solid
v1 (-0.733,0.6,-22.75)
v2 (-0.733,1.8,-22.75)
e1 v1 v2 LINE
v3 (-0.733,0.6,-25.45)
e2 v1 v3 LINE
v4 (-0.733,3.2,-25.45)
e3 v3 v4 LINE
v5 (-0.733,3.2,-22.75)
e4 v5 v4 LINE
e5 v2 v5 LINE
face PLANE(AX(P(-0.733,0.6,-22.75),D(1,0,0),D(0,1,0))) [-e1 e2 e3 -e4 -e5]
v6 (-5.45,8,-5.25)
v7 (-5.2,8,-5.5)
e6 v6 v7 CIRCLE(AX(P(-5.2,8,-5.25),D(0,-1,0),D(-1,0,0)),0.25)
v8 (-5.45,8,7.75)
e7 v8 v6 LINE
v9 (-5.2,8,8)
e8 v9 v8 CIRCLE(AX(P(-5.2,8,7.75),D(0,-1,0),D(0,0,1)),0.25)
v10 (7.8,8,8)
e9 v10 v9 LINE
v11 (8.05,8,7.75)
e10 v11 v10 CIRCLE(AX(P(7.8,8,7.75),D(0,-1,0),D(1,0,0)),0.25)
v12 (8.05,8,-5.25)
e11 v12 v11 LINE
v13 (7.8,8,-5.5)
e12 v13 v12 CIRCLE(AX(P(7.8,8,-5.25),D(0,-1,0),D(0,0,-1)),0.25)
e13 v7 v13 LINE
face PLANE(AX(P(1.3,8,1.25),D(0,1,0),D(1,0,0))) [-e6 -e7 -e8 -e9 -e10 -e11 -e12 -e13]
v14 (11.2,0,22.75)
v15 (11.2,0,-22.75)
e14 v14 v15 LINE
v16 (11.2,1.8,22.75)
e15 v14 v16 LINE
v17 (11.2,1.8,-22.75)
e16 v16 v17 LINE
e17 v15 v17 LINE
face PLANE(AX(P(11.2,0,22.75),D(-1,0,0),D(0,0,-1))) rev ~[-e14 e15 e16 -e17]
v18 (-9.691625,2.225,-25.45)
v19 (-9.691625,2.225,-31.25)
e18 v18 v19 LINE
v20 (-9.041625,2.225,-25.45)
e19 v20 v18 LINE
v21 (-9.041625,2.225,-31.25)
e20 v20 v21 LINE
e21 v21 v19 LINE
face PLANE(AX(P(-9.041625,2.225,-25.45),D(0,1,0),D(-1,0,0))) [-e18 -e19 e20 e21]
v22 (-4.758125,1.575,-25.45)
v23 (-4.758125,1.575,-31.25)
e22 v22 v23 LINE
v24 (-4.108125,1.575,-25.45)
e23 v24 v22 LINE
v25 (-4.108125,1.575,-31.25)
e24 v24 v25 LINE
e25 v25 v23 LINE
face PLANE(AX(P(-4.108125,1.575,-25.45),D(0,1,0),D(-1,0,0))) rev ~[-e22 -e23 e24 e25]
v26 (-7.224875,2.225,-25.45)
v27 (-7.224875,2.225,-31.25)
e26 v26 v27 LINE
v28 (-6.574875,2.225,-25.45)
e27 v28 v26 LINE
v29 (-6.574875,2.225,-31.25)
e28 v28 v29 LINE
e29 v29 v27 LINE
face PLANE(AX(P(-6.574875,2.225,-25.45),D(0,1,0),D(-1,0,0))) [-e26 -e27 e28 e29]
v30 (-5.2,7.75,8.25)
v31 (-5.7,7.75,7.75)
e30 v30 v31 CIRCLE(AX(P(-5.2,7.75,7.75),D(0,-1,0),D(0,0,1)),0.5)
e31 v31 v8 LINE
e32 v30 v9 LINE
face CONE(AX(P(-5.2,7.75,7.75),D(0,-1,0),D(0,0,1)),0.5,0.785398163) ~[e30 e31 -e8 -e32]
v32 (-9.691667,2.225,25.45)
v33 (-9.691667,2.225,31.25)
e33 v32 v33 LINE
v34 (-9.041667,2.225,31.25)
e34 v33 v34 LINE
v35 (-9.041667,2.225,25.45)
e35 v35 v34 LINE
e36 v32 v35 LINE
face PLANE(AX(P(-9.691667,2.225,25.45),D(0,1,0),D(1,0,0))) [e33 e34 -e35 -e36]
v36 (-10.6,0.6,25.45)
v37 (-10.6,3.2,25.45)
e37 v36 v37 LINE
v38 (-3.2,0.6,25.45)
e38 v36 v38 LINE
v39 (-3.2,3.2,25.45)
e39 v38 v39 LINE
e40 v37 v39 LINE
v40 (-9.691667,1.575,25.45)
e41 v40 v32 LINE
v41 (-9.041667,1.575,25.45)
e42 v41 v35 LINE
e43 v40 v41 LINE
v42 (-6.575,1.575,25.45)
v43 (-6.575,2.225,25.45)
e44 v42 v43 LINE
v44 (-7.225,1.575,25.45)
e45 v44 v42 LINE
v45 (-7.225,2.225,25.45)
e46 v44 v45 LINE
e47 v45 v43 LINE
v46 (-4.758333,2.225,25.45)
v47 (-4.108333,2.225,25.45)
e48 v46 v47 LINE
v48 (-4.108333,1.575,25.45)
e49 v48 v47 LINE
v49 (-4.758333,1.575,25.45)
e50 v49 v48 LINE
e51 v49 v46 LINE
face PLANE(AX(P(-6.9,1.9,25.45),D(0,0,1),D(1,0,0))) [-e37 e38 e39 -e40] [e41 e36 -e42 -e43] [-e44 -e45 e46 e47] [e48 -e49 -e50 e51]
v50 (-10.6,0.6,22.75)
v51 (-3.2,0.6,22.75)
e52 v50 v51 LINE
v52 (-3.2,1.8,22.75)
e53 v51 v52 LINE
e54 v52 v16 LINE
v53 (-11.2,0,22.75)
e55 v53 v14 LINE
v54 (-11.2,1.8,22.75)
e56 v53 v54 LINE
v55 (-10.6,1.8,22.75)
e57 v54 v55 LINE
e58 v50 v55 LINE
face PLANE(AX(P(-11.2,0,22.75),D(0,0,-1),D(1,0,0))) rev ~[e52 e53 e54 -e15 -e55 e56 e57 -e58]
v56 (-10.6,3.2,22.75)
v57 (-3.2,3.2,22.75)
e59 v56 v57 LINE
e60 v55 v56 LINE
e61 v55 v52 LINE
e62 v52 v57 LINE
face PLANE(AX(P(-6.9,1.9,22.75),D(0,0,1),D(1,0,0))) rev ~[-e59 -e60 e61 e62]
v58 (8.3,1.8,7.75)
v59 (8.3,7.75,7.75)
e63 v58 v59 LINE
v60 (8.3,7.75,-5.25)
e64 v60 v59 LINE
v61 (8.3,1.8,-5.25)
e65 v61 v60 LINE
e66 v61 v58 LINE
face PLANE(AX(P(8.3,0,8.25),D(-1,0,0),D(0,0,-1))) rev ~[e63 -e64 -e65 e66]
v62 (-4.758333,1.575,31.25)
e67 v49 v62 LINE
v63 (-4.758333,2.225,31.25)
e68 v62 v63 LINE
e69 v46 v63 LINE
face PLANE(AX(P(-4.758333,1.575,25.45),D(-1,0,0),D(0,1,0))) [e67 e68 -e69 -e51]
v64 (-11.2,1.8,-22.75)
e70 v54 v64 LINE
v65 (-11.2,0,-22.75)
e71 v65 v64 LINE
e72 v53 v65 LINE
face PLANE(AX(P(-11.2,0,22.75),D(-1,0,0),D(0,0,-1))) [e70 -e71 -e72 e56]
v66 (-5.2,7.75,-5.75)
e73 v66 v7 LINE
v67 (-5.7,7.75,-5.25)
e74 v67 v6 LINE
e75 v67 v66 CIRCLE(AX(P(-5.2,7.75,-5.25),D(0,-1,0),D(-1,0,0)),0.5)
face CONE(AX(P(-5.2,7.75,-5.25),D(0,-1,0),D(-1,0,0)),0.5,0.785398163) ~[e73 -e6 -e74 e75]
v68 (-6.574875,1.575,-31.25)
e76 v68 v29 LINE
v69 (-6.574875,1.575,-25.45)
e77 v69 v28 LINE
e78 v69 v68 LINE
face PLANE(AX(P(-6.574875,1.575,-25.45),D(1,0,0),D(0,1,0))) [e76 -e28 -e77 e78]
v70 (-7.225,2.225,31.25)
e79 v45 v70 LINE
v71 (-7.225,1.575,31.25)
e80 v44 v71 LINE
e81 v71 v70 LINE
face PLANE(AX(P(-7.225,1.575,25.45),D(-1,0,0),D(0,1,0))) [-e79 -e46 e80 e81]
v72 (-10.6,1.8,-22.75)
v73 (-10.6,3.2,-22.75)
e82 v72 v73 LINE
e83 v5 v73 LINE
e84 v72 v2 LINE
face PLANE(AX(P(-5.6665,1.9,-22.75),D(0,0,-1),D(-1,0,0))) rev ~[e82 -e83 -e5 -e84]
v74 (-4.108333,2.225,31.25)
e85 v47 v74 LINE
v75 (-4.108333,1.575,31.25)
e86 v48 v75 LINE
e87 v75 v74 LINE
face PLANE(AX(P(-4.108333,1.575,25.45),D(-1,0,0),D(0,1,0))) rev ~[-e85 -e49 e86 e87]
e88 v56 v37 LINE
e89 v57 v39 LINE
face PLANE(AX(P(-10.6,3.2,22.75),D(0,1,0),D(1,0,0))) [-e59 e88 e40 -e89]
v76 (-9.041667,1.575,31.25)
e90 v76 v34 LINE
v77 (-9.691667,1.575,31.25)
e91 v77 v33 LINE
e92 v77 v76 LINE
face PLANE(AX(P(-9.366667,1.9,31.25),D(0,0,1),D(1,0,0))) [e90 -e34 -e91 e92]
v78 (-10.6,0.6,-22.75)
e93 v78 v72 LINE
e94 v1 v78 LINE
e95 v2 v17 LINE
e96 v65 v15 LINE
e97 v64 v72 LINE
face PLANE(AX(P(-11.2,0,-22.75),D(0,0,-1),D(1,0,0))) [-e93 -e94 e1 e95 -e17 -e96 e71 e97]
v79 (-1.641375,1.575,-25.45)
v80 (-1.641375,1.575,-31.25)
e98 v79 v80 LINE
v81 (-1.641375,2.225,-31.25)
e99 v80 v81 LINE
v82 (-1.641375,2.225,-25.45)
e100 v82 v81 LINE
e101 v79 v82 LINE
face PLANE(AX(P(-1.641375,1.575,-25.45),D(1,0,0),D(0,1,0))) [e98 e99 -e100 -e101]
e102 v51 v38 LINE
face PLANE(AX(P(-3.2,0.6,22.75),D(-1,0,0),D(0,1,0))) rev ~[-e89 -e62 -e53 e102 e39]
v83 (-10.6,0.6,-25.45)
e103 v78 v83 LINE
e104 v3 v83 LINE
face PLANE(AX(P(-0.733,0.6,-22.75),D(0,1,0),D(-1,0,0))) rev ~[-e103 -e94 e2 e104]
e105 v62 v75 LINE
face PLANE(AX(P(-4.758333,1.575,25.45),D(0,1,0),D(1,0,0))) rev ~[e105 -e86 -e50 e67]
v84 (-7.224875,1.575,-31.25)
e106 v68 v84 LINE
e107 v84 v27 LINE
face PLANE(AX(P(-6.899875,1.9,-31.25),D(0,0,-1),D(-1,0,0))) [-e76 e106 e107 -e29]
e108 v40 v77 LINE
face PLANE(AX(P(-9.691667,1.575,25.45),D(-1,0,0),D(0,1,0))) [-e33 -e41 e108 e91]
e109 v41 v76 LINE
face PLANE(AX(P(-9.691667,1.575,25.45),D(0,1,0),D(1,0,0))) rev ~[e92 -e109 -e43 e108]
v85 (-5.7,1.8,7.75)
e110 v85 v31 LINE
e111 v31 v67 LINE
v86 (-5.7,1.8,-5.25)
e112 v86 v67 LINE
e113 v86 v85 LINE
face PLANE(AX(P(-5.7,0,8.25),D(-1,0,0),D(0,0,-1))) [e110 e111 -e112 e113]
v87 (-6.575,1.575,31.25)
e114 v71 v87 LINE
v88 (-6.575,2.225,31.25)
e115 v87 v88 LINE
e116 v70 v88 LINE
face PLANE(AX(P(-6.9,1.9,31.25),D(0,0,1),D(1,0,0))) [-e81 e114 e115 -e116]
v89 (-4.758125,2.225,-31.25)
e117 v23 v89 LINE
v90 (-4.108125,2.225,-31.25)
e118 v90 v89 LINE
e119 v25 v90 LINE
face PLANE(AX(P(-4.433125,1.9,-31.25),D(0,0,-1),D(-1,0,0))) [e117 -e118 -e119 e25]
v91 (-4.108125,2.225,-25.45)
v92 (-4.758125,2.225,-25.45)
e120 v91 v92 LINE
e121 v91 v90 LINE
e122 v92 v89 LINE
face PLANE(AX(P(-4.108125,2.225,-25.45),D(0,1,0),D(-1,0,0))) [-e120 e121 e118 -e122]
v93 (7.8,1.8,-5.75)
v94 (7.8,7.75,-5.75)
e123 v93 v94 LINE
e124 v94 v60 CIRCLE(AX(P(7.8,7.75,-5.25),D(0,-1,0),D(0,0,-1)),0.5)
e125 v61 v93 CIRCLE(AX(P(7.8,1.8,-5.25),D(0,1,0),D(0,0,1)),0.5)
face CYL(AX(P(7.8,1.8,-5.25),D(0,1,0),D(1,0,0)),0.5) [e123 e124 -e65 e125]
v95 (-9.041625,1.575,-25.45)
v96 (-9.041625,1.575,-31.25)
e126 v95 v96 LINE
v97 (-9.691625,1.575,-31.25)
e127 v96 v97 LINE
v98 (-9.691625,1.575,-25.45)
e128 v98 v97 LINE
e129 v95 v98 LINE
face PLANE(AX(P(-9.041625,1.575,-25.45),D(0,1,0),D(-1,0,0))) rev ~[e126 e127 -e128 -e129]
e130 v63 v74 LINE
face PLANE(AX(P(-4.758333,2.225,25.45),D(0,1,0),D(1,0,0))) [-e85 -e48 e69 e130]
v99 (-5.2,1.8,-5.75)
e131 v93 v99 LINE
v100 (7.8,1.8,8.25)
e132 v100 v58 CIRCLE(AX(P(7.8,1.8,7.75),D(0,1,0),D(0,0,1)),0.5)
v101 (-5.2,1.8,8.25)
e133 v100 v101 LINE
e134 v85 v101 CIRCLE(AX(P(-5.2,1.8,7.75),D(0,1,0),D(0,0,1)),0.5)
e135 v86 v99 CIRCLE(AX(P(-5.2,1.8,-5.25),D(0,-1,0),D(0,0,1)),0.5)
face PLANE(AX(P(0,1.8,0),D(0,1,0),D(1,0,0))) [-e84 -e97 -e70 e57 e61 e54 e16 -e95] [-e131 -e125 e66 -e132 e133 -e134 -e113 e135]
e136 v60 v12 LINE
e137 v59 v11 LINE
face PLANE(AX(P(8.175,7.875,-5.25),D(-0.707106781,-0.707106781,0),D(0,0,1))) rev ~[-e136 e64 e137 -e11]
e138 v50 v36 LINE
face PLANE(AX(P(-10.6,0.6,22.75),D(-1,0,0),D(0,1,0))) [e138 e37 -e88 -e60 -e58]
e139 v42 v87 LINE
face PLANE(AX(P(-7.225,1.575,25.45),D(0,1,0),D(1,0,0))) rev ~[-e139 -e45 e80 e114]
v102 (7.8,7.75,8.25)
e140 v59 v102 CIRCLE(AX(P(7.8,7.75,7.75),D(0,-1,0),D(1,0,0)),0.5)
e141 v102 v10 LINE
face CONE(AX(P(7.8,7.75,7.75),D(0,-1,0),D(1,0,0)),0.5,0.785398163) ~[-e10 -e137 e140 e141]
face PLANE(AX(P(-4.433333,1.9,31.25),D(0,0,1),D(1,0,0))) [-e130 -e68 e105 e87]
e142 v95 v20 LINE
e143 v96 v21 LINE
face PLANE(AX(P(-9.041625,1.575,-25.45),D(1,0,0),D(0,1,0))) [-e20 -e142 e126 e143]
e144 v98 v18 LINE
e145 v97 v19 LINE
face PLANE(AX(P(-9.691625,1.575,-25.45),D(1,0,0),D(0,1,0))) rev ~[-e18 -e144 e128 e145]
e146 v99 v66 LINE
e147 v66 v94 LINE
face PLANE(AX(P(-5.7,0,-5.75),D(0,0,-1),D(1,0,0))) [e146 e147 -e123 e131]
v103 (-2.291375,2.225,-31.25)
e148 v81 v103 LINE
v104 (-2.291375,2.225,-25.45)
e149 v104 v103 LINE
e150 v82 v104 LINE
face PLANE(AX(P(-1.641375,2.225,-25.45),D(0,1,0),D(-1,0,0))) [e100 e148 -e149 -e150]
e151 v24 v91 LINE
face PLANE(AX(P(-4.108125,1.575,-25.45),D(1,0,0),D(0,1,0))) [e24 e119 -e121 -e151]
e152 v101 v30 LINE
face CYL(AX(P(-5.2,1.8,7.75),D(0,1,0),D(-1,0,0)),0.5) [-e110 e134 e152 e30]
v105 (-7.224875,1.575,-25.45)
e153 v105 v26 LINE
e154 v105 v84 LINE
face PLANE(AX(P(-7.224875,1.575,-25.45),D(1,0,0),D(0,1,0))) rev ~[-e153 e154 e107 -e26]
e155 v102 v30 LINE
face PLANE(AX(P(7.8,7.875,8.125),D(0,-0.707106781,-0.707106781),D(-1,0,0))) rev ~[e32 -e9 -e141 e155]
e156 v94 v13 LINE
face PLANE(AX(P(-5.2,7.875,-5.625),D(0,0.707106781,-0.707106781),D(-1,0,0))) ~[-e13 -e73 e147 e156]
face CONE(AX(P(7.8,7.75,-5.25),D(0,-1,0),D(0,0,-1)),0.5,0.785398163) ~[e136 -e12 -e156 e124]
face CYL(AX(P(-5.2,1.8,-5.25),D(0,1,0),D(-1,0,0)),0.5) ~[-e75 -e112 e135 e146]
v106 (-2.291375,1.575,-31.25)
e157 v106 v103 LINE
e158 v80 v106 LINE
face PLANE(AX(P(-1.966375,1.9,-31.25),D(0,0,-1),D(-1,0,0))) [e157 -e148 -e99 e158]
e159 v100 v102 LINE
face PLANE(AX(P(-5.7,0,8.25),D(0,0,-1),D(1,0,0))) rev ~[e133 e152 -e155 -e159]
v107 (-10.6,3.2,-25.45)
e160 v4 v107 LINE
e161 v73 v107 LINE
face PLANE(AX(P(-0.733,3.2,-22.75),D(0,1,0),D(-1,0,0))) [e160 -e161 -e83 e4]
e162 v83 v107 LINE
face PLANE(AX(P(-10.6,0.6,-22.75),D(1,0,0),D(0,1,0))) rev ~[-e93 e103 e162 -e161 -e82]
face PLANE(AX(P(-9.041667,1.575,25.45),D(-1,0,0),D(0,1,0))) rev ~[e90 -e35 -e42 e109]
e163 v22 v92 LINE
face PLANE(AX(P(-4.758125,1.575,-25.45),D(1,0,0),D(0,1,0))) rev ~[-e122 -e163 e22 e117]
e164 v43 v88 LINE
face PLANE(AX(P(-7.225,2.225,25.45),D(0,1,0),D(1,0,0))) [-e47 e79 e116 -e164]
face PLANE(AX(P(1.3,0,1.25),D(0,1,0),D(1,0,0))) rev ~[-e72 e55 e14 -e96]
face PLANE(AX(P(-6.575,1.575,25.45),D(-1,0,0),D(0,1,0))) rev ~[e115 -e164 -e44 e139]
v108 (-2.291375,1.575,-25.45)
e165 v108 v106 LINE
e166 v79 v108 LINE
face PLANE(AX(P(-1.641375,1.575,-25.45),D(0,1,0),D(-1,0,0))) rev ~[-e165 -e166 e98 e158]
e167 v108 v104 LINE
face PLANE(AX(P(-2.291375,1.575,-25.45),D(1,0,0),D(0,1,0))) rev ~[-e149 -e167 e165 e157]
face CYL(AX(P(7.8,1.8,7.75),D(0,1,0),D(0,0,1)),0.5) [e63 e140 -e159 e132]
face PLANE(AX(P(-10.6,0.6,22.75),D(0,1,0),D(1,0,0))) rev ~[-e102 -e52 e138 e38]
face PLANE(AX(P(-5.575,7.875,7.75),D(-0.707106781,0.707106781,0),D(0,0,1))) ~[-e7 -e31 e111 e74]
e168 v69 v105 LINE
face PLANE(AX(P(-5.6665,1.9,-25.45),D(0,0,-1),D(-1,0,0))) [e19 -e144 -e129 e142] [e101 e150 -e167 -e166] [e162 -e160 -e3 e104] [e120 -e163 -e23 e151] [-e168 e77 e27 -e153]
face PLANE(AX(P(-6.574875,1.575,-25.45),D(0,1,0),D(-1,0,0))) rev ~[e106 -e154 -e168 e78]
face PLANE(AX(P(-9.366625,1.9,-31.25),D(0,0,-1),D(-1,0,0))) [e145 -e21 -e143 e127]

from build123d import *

# Parameters (mm, degrees)
SKETCH1_W           = 22.4
SKETCH1_H           = 45.5
BOSS_EXTRUDE1_DEPTH = 1.8
BOSS_EXTRUDE2_START = -1.8
SKETCH2_W           = 14
SKETCH2_H           = 14
BOSS_EXTRUDE2_DEPTH = 8
SKETCH3_W           = 7.4
SKETCH3_H           = 2.6
BOSS_EXTRUDE3_DEPTH = 2.7
SKETCH4_W           = 0.65
SKETCH4_H           = 0.65
BOSS_EXTRUDE4_DEPTH = 5.8
SKETCH6_W           = 9.867
SKETCH6_H           = 2.6
BOSS_EXTRUDE5_DEPTH = 2.7
SKETCH7_W           = 0.65
SKETCH7_H           = 0.65
BOSS_EXTRUDE6_DEPTH = 5.8
FILLET1_R           = 0.5
CHAMFER1_SIZE       = 0.25


with BuildPart() as part:
    # Sketch1 → Boss-Extrude1 (new body)
    with BuildSketch(Plane(origin=(0, 0, 0), x_dir=(1, 0, 0), z_dir=(0, 1, 0))):
        Rectangle(SKETCH1_W, SKETCH1_H)
    extrude(amount=BOSS_EXTRUDE1_DEPTH)

    # Sketch2 → Boss-Extrude2 (add)
    with BuildSketch(Plane(origin=(0, 1.8, 0), x_dir=(1, 0, 0), z_dir=(0, 1, 0)).offset(BOSS_EXTRUDE2_START)):
        with Locations((1.3, -1.25)):
            Rectangle(SKETCH2_W, SKETCH2_H)
    extrude(amount=BOSS_EXTRUDE2_DEPTH)

    # Sketch3 → Boss-Extrude3 (add)
    with BuildSketch(Plane.XY.offset(22.75)):
        with Locations((-6.9, 1.9)):
            Rectangle(SKETCH3_W, SKETCH3_H)
    extrude(amount=BOSS_EXTRUDE3_DEPTH)

    # Sketch4 → Boss-Extrude4 (add)
    with BuildSketch(Plane.XY.offset(25.45)):
        with Locations((-9.366666667, 1.9)):
            Rectangle(SKETCH4_W, SKETCH4_H)
        with Locations((-6.9, 1.9)):
            Rectangle(SKETCH4_W, SKETCH4_H)
        with Locations((-4.433333333, 1.9)):
            Rectangle(SKETCH4_W, SKETCH4_H)
    extrude(amount=BOSS_EXTRUDE4_DEPTH)

    # Sketch6 → Boss-Extrude5 (add)
    with BuildSketch(Plane(origin=(0, 0, -22.75), x_dir=(-1, 0, 0), z_dir=(0, 0, -1))):
        with Locations((5.6665, 1.9)):
            Rectangle(SKETCH6_W, SKETCH6_H)
    extrude(amount=BOSS_EXTRUDE5_DEPTH)

    # Sketch7 → Boss-Extrude6 (add)
    with BuildSketch(Plane(origin=(0, 0, -25.45), x_dir=(-1, 0, 0), z_dir=(0, 0, -1))):
        with Locations((1.966375, 1.9)):
            Rectangle(SKETCH7_W, SKETCH7_H)
        with Locations((4.433125, 1.9)):
            Rectangle(SKETCH7_W, SKETCH7_H)
        with Locations((6.899875, 1.9)):
            Rectangle(SKETCH7_W, SKETCH7_H)
        with Locations((9.366625, 1.9)):
            Rectangle(SKETCH7_W, SKETCH7_H)
    extrude(amount=BOSS_EXTRUDE6_DEPTH)

    # Fillet1
    fillet1_edges = [part.edges().sort_by_distance(p)[0] for p in [
        (8.3, 4.9, 8.25),
        (8.3, 4.9, -5.75),
        (-5.7, 4.9, -5.75),
        (-5.7, 4.9, 8.25),
    ]]
    fillet(fillet1_edges, radius=FILLET1_R)

    # Chamfer1
    chamfer1_edges = [part.edges().sort_by_distance(p)[0] for p in [
        (-5.7, 8, 1.25),
        (1.3, 8, -5.75),
        (8.3, 8, 1.25),
        (1.3, 8, 8.25),
        (-5.553553391, 8, 8.103553391),
        (8.153553391, 8, 8.103553391),
        (8.153553391, 8, -5.603553391),
        (-5.553553391, 8, -5.603553391),
    ]]
    chamfer(chamfer1_edges, length=CHAMFER1_SIZE)


solid = part.part
